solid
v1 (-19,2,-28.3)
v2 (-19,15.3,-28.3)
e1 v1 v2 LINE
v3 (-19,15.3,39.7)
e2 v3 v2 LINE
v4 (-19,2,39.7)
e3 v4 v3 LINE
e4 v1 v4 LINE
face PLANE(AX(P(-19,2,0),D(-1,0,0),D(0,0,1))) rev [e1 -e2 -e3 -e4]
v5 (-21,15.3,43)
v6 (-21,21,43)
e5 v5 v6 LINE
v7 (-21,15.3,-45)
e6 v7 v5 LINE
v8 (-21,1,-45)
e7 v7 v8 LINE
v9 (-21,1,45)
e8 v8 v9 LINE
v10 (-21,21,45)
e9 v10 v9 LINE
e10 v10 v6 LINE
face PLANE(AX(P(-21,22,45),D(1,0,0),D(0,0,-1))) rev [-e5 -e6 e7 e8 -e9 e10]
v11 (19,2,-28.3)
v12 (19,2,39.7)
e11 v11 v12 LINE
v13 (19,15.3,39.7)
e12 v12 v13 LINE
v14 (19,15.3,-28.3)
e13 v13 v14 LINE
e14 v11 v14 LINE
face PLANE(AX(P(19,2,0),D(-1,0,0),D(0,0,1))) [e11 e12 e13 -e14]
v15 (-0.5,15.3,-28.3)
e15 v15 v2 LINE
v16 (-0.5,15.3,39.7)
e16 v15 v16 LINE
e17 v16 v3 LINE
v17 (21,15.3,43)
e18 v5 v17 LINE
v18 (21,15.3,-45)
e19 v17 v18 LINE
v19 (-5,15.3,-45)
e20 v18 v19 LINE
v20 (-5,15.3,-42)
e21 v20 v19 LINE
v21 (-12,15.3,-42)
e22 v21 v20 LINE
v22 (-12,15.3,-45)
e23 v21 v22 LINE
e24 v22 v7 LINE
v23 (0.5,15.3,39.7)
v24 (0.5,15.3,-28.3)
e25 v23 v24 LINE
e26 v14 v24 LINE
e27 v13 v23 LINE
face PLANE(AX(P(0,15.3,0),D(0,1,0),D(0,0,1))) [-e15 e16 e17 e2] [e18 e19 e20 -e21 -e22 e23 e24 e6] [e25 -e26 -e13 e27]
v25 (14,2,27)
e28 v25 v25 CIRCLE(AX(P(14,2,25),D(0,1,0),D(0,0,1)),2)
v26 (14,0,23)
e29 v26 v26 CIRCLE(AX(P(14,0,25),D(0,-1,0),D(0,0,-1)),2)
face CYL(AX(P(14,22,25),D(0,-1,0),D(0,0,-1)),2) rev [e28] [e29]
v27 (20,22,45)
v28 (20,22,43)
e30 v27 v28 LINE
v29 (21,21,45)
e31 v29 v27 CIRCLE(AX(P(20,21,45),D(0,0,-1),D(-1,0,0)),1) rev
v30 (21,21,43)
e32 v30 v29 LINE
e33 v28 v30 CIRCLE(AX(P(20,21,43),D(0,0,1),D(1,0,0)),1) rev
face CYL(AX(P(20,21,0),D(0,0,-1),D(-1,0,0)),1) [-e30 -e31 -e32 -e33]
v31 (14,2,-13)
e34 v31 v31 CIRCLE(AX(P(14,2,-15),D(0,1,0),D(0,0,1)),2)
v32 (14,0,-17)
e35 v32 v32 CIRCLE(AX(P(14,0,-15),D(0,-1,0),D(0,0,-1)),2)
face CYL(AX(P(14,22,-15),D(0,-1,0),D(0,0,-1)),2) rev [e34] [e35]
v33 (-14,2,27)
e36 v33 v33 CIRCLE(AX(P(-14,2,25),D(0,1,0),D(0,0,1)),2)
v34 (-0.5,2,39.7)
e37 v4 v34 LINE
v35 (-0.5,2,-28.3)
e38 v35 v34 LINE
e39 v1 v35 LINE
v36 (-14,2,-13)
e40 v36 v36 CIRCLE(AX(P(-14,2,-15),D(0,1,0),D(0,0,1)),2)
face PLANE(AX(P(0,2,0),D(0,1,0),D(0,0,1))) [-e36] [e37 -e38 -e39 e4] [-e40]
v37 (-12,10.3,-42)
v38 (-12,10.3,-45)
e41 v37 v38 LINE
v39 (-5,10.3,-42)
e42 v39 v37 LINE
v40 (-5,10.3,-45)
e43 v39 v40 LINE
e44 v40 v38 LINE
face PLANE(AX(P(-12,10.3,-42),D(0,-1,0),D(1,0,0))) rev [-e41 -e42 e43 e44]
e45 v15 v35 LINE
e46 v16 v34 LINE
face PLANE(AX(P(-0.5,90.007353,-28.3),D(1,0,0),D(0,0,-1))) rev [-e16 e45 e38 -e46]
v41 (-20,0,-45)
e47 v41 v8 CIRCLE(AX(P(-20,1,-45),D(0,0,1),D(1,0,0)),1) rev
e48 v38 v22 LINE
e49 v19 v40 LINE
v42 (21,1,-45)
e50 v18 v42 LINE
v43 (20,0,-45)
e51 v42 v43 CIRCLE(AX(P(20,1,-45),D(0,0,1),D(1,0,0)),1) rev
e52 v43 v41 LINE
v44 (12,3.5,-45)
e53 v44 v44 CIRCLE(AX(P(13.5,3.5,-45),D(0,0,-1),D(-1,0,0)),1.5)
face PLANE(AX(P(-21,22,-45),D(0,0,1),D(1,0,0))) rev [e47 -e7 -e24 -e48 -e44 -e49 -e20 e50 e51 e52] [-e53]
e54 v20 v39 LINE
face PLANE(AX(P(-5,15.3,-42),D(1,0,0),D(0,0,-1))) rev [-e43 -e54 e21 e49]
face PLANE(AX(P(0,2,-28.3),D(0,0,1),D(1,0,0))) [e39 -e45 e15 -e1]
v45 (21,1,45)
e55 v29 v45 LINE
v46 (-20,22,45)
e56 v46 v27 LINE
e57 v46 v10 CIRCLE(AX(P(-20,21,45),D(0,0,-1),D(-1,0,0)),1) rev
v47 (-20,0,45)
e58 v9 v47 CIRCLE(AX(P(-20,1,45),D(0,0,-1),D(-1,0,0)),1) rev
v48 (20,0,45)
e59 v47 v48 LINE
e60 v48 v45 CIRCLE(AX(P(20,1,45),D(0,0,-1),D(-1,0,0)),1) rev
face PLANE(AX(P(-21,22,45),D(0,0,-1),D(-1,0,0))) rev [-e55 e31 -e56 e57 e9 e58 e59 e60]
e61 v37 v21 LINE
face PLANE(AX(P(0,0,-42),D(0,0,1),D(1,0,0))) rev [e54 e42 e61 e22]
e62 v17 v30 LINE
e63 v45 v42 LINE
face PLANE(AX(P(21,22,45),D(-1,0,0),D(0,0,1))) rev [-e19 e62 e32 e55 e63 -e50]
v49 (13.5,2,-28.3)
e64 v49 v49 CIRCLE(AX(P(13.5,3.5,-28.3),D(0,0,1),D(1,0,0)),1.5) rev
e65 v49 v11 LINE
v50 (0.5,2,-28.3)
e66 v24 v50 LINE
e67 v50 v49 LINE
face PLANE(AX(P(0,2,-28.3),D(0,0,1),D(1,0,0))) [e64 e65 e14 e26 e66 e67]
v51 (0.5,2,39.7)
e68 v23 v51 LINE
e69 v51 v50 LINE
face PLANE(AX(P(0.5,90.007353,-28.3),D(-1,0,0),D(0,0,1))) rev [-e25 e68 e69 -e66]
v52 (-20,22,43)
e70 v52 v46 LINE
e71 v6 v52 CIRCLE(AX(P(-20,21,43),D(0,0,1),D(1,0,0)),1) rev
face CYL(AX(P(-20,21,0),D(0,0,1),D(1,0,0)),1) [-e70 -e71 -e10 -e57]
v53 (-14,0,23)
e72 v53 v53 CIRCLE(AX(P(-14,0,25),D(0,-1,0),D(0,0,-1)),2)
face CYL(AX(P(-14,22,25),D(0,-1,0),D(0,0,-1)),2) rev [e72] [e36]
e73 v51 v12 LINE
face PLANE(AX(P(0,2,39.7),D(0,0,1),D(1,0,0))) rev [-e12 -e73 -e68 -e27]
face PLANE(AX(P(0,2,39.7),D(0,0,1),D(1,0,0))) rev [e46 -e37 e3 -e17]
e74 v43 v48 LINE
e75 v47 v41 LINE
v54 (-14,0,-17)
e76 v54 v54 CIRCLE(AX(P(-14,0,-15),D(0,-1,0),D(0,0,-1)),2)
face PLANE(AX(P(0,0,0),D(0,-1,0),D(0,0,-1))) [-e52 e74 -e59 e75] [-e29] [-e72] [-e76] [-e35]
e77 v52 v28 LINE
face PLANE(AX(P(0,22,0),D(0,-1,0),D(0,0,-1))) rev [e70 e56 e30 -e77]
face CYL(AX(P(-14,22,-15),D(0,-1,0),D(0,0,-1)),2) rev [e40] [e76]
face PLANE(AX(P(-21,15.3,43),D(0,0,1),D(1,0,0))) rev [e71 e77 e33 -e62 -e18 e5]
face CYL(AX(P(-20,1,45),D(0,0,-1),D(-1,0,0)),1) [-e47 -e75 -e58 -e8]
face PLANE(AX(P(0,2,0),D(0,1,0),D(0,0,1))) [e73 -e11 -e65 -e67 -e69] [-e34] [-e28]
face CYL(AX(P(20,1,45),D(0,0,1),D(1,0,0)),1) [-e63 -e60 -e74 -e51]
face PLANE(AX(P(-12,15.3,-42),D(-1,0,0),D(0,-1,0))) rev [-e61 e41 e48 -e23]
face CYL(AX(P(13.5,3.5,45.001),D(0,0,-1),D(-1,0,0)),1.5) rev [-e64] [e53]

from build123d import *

# Parameters (mm, degrees)
SKETCH1_W           = 42
SKETCH1_H           = 90
BOSS_EXTRUDE1_DEPTH = 22
FILLET1_R           = 1
SKETCH2_W           = 38
SKETCH2_H           = 68
CUT_EXTRUDE1_DEPTH  = 20
SKETCH3_W           = 1
SKETCH3_H           = 68
BOSS_EXTRUDE2_DEPTH = 20
SKETCH4_W           = 42
SKETCH4_H           = 88
CUT_EXTRUDE2_DEPTH  = 6.7
CUT_EXTRUDE3_REACH  = 97
SKETCH5_R           = 1.5
SKETCH6_W           = 7
SKETCH6_H           = 5
CUT_EXTRUDE4_DEPTH  = 3
SKETCH7_R           = 2
CUT_EXTRUDE5_DEPTH  = 55.313902456


with BuildPart() as part:
    # Sketch1 → Boss-Extrude1 (new body)
    with BuildSketch(Plane(origin=(0, 0, 0), x_dir=(1, 0, 0), z_dir=(0, 1, 0))):
        Rectangle(SKETCH1_W, SKETCH1_H)
    extrude(amount=BOSS_EXTRUDE1_DEPTH)

    # Fillet1
    fillet1_edges = [part.edges().sort_by_distance(p)[0] for p in [
        (-21, 22, 0),
        (21, 22, 0),
        (-21, 0, 0),
        (21, 0, 0),
    ]]
    fillet(fillet1_edges, radius=FILLET1_R)

    # Sketch2 → Cut-Extrude1 (cut)
    with BuildSketch(Plane(origin=(0, 22, 0), x_dir=(1, 0, 0), z_dir=(0, 1, 0))):
        with Locations((0, -5.7)):
            Rectangle(SKETCH2_W, SKETCH2_H)
    extrude(amount=-CUT_EXTRUDE1_DEPTH, mode=Mode.SUBTRACT)

    # Sketch3 → Boss-Extrude2 (add)
    with BuildSketch(Plane(origin=(0, 2, 0), x_dir=(1, 0, 0), z_dir=(0, 1, 0))):
        with Locations((0, -5.7)):
            Rectangle(SKETCH3_W, SKETCH3_H)
    extrude(amount=BOSS_EXTRUDE2_DEPTH)

    # Sketch4 → Cut-Extrude2 (cut)
    with BuildSketch(Plane(origin=(0, 22, 0), x_dir=(1, 0, 0), z_dir=(0, 1, 0))):
        with Locations((0, 1)):
            Rectangle(SKETCH4_W, SKETCH4_H)
    extrude(amount=-CUT_EXTRUDE2_DEPTH, mode=Mode.SUBTRACT)

    # Sketch5 → Cut-Extrude3 (cut, up to next)
    with BuildSketch(Plane(origin=(0, 0, -45), x_dir=(-1, 0, 0), z_dir=(0, 0, -1)), mode=Mode.PRIVATE) as cut_extrude3_sk1:
        with Locations((-13.5, 3.5)):
            Circle(SKETCH5_R)
    cut_extrude3_tool1 = extrude(cut_extrude3_sk1.sketch, amount=-CUT_EXTRUDE3_REACH, mode=Mode.PRIVATE) & part.part
    add(cut_extrude3_tool1.solids().sort_by_distance((13.5, 3.5, -45))[0], mode=Mode.SUBTRACT)

    # Sketch6 → Cut-Extrude4 (cut)
    with BuildSketch(Plane(origin=(0, 0, -45), x_dir=(-1, 0, 0), z_dir=(0, 0, -1))):
        with Locations((8.5, 12.8)):
            Rectangle(SKETCH6_W, SKETCH6_H)
    extrude(amount=-CUT_EXTRUDE4_DEPTH, mode=Mode.SUBTRACT)

    # Sketch7 → Cut-Extrude5 (cut, through all)
    with BuildSketch(Plane.XZ):
        with Locations(Location((14, -15, 0), (0, 0, 270))):
            Circle(SKETCH7_R)
        with Locations(Location((14, 25, 0), (0, 0, 270))):
            Circle(SKETCH7_R)
        with Locations(Location((-14, 25, 0), (0, 0, 270))):
            Circle(SKETCH7_R)
        with Locations(Location((-14, -15, 0), (0, 0, 270))):
            Circle(SKETCH7_R)
    extrude(amount=-CUT_EXTRUDE5_DEPTH, mode=Mode.SUBTRACT)


solid = part.part
